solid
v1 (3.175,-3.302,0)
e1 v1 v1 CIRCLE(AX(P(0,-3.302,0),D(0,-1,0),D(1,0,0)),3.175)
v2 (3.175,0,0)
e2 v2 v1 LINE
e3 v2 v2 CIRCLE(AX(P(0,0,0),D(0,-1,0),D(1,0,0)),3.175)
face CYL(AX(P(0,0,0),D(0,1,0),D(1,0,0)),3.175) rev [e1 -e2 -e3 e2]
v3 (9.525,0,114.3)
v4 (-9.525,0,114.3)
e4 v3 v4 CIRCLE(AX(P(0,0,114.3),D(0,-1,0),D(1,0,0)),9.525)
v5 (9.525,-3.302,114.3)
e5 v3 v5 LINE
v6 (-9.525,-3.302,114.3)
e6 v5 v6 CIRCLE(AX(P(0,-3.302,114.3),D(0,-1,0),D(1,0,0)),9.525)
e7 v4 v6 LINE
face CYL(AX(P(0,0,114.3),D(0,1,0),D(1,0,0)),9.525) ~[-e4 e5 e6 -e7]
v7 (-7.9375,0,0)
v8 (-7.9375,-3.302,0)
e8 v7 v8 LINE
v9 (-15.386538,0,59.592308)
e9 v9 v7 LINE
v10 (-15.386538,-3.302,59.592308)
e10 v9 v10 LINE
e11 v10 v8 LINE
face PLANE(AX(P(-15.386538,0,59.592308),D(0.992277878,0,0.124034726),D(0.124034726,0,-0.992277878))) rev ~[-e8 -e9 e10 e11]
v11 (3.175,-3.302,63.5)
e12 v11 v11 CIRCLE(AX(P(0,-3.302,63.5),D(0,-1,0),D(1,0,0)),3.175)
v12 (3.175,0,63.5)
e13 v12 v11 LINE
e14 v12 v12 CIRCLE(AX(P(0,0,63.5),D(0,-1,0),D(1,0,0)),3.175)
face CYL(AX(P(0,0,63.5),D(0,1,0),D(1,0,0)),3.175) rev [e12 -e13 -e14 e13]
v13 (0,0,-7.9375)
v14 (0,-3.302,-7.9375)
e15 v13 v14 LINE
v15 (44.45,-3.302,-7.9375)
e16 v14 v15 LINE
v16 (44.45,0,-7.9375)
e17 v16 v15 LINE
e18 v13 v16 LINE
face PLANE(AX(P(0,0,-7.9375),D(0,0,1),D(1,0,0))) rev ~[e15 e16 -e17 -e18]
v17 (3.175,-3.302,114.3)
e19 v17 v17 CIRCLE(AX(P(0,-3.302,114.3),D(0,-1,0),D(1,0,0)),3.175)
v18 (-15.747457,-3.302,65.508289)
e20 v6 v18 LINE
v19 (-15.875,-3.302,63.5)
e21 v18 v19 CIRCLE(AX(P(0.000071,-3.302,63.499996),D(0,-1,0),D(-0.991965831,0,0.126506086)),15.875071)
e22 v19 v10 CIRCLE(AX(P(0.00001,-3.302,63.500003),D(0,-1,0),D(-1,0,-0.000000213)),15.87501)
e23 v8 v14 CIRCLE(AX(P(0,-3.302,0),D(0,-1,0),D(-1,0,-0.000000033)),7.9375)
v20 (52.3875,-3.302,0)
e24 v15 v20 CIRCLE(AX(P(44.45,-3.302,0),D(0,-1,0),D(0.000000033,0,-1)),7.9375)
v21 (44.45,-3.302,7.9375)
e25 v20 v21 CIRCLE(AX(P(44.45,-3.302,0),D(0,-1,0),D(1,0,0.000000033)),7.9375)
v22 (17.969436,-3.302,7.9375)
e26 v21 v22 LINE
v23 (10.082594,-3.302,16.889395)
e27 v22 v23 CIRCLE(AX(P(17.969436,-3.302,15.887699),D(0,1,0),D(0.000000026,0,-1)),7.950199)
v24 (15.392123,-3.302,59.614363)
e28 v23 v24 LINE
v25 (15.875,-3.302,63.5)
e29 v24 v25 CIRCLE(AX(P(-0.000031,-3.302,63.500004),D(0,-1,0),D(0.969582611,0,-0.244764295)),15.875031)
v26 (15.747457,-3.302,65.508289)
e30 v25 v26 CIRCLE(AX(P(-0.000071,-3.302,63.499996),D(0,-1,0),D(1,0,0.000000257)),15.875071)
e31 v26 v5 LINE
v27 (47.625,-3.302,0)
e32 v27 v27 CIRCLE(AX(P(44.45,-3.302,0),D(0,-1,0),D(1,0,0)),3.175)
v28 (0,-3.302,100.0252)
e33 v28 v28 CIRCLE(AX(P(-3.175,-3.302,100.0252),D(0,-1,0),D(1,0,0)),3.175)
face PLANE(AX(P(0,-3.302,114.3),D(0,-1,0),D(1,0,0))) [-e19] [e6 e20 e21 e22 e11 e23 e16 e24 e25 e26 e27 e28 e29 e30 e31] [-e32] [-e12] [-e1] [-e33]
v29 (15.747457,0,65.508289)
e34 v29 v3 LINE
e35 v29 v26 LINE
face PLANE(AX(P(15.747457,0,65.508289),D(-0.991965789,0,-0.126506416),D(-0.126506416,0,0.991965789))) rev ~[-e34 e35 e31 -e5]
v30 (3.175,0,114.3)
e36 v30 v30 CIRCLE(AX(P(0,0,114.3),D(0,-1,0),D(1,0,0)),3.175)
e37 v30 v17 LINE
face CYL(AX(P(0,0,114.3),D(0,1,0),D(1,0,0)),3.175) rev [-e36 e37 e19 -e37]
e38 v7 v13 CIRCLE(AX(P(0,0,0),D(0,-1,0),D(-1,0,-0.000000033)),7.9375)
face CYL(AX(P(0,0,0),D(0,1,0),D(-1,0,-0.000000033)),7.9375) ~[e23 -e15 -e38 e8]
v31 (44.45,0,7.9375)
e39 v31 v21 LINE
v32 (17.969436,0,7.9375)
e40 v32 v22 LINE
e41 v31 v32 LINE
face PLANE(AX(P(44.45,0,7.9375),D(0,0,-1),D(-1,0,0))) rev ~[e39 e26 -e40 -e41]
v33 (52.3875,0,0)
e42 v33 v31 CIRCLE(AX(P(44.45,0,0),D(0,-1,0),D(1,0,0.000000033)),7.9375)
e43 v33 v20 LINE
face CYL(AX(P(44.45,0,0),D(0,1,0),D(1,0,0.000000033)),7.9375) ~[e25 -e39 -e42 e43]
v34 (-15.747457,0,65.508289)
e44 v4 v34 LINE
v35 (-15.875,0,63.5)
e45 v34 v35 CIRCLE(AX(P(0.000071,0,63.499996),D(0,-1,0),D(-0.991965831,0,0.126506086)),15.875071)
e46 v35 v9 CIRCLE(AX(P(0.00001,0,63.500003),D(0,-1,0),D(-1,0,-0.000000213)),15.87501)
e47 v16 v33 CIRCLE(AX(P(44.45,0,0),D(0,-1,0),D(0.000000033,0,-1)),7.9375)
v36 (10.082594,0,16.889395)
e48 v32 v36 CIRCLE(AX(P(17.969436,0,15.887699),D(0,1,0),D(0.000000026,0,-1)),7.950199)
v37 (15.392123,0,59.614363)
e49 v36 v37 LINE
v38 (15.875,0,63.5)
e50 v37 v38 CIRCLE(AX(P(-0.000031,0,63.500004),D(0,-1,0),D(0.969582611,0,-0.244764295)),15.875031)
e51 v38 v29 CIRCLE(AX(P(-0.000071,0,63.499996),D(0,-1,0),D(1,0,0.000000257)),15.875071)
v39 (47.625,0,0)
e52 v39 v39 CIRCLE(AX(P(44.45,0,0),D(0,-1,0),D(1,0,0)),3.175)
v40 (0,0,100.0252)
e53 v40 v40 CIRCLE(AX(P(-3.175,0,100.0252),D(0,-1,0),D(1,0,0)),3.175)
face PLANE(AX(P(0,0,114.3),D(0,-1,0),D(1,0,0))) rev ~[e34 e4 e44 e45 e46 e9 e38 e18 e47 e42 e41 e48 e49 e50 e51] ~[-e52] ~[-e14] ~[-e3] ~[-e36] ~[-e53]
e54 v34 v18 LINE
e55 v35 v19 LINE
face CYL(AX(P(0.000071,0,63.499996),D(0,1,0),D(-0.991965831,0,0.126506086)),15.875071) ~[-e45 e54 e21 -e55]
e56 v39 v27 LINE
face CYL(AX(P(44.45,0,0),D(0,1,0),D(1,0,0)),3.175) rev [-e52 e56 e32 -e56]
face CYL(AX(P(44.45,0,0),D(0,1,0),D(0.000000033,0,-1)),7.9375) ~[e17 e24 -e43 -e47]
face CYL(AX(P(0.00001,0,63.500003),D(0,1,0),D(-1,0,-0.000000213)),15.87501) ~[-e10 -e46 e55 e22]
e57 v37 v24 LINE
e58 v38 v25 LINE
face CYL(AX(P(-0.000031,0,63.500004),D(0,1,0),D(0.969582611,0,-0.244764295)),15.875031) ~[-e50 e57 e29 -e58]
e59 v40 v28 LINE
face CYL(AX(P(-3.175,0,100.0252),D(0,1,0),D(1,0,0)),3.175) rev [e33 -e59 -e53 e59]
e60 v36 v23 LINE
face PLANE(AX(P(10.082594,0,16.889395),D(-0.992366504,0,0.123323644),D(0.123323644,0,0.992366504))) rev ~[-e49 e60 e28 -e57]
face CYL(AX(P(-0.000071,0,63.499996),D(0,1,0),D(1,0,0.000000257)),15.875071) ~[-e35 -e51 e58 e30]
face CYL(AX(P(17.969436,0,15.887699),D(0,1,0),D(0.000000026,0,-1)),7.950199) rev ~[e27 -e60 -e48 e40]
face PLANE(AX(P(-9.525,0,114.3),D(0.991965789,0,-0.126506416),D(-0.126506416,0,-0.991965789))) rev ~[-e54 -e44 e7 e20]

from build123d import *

# Parameters (mm, degrees)
F0_R     = 3.175
F1_DEPTH = 3.302


with BuildPart() as f1:
    # F0 (on Front) → F1 (new body)
    with BuildSketch(Plane.XZ):
        with BuildLine():
            ThreePointArc((-9.525, 114.3), (0, 104.775), (9.525, 114.3))
            ThreePointArc((9.525, 114.3), (0, 123.825), (-9.525, 114.3))
        make_face()
        with Locations((0, 114.3)):
            Circle(F0_R, mode=Mode.SUBTRACT)
        with BuildLine():
            Line((15.747457, 65.508289), (9.525, 114.3))
            ThreePointArc((9.525, 114.3), (0, 104.775), (-9.525, 114.3))
            Line((-9.525, 114.3), (-15.747457, 65.508289))
            ThreePointArc((-15.747457, 65.508289), (0, 79.375), (15.747457, 65.508289))
        make_face()
        with Locations((-3.175, 100.0252)):
            Circle(F0_R, mode=Mode.SUBTRACT)
        with BuildLine():
            ThreePointArc((15.875, 63.5), (15.843082, 64.506168), (15.747457, 65.508289))
            ThreePointArc((15.747457, 65.508289), (0, 79.375), (-15.747457, 65.508289))
            ThreePointArc((-15.747457, 65.508289), (-15.843082, 64.506168), (-15.875, 63.5))
            Line((-15.875, 63.5), (-15.386538, 59.592308))
            ThreePointArc((-15.386538, 59.592308), (0.011376, 47.625004), (15.392123, 59.614363))
            Line((15.392123, 59.614363), (15.875, 63.5))
        make_face()
        with Locations((0, 63.5)):
            Circle(F0_R, mode=Mode.SUBTRACT)
        with BuildLine():
            ThreePointArc((15.392123, 59.614363), (15.753818, 61.542237), (15.875, 63.5))
            Line((15.875, 63.5), (15.392123, 59.614363))
        make_face()
        with BuildLine():
            Line((-15.386538, 59.592308), (-15.875, 63.5))
            ThreePointArc((-15.875, 63.5), (-15.752411, 61.530949), (-15.386538, 59.592308))
        make_face()
        with BuildLine():
            Line((10.082594, 16.889395), (15.392123, 59.614363))
            ThreePointArc((15.392123, 59.614363), (0.011376, 47.625004), (-15.386538, 59.592308))
            Line((-15.386538, 59.592308), (-7.9375, 0))
            ThreePointArc((-7.9375, 0), (0, 7.9375), (7.9375, 0))
            ThreePointArc((7.9375, 0), (5.61266, -5.61266), (0, -7.9375))
            Line((0, -7.9375), (44.45, -7.9375))
            ThreePointArc((44.45, -7.9375), (36.5125, 0), (44.45, 7.9375))
            Line((44.45, 7.9375), (17.969436, 7.9375))
            ThreePointArc((17.969436, 7.9375), (12.004147, 10.632131), (10.082594, 16.889395))
        make_face()
        with BuildLine():
            ThreePointArc((7.9375, 0), (0, 7.9375), (-7.9375, 0))
            ThreePointArc((-7.9375, 0), (-5.61266, -5.61266), (0, -7.9375))
            ThreePointArc((0, -7.9375), (5.61266, -5.61266), (7.9375, 0))
        make_face()
        Circle(F0_R, mode=Mode.SUBTRACT)
        with BuildLine():
            ThreePointArc((52.3875, 0), (50.06266, 5.61266), (44.45, 7.9375))
            ThreePointArc((44.45, 7.9375), (36.5125, 0), (44.45, -7.9375))
            ThreePointArc((44.45, -7.9375), (50.06266, -5.61266), (52.3875, 0))
        make_face()
        with Locations((44.45, 0)):
            Circle(F0_R, mode=Mode.SUBTRACT)
    extrude(amount=F1_DEPTH)


solid = f1.part
